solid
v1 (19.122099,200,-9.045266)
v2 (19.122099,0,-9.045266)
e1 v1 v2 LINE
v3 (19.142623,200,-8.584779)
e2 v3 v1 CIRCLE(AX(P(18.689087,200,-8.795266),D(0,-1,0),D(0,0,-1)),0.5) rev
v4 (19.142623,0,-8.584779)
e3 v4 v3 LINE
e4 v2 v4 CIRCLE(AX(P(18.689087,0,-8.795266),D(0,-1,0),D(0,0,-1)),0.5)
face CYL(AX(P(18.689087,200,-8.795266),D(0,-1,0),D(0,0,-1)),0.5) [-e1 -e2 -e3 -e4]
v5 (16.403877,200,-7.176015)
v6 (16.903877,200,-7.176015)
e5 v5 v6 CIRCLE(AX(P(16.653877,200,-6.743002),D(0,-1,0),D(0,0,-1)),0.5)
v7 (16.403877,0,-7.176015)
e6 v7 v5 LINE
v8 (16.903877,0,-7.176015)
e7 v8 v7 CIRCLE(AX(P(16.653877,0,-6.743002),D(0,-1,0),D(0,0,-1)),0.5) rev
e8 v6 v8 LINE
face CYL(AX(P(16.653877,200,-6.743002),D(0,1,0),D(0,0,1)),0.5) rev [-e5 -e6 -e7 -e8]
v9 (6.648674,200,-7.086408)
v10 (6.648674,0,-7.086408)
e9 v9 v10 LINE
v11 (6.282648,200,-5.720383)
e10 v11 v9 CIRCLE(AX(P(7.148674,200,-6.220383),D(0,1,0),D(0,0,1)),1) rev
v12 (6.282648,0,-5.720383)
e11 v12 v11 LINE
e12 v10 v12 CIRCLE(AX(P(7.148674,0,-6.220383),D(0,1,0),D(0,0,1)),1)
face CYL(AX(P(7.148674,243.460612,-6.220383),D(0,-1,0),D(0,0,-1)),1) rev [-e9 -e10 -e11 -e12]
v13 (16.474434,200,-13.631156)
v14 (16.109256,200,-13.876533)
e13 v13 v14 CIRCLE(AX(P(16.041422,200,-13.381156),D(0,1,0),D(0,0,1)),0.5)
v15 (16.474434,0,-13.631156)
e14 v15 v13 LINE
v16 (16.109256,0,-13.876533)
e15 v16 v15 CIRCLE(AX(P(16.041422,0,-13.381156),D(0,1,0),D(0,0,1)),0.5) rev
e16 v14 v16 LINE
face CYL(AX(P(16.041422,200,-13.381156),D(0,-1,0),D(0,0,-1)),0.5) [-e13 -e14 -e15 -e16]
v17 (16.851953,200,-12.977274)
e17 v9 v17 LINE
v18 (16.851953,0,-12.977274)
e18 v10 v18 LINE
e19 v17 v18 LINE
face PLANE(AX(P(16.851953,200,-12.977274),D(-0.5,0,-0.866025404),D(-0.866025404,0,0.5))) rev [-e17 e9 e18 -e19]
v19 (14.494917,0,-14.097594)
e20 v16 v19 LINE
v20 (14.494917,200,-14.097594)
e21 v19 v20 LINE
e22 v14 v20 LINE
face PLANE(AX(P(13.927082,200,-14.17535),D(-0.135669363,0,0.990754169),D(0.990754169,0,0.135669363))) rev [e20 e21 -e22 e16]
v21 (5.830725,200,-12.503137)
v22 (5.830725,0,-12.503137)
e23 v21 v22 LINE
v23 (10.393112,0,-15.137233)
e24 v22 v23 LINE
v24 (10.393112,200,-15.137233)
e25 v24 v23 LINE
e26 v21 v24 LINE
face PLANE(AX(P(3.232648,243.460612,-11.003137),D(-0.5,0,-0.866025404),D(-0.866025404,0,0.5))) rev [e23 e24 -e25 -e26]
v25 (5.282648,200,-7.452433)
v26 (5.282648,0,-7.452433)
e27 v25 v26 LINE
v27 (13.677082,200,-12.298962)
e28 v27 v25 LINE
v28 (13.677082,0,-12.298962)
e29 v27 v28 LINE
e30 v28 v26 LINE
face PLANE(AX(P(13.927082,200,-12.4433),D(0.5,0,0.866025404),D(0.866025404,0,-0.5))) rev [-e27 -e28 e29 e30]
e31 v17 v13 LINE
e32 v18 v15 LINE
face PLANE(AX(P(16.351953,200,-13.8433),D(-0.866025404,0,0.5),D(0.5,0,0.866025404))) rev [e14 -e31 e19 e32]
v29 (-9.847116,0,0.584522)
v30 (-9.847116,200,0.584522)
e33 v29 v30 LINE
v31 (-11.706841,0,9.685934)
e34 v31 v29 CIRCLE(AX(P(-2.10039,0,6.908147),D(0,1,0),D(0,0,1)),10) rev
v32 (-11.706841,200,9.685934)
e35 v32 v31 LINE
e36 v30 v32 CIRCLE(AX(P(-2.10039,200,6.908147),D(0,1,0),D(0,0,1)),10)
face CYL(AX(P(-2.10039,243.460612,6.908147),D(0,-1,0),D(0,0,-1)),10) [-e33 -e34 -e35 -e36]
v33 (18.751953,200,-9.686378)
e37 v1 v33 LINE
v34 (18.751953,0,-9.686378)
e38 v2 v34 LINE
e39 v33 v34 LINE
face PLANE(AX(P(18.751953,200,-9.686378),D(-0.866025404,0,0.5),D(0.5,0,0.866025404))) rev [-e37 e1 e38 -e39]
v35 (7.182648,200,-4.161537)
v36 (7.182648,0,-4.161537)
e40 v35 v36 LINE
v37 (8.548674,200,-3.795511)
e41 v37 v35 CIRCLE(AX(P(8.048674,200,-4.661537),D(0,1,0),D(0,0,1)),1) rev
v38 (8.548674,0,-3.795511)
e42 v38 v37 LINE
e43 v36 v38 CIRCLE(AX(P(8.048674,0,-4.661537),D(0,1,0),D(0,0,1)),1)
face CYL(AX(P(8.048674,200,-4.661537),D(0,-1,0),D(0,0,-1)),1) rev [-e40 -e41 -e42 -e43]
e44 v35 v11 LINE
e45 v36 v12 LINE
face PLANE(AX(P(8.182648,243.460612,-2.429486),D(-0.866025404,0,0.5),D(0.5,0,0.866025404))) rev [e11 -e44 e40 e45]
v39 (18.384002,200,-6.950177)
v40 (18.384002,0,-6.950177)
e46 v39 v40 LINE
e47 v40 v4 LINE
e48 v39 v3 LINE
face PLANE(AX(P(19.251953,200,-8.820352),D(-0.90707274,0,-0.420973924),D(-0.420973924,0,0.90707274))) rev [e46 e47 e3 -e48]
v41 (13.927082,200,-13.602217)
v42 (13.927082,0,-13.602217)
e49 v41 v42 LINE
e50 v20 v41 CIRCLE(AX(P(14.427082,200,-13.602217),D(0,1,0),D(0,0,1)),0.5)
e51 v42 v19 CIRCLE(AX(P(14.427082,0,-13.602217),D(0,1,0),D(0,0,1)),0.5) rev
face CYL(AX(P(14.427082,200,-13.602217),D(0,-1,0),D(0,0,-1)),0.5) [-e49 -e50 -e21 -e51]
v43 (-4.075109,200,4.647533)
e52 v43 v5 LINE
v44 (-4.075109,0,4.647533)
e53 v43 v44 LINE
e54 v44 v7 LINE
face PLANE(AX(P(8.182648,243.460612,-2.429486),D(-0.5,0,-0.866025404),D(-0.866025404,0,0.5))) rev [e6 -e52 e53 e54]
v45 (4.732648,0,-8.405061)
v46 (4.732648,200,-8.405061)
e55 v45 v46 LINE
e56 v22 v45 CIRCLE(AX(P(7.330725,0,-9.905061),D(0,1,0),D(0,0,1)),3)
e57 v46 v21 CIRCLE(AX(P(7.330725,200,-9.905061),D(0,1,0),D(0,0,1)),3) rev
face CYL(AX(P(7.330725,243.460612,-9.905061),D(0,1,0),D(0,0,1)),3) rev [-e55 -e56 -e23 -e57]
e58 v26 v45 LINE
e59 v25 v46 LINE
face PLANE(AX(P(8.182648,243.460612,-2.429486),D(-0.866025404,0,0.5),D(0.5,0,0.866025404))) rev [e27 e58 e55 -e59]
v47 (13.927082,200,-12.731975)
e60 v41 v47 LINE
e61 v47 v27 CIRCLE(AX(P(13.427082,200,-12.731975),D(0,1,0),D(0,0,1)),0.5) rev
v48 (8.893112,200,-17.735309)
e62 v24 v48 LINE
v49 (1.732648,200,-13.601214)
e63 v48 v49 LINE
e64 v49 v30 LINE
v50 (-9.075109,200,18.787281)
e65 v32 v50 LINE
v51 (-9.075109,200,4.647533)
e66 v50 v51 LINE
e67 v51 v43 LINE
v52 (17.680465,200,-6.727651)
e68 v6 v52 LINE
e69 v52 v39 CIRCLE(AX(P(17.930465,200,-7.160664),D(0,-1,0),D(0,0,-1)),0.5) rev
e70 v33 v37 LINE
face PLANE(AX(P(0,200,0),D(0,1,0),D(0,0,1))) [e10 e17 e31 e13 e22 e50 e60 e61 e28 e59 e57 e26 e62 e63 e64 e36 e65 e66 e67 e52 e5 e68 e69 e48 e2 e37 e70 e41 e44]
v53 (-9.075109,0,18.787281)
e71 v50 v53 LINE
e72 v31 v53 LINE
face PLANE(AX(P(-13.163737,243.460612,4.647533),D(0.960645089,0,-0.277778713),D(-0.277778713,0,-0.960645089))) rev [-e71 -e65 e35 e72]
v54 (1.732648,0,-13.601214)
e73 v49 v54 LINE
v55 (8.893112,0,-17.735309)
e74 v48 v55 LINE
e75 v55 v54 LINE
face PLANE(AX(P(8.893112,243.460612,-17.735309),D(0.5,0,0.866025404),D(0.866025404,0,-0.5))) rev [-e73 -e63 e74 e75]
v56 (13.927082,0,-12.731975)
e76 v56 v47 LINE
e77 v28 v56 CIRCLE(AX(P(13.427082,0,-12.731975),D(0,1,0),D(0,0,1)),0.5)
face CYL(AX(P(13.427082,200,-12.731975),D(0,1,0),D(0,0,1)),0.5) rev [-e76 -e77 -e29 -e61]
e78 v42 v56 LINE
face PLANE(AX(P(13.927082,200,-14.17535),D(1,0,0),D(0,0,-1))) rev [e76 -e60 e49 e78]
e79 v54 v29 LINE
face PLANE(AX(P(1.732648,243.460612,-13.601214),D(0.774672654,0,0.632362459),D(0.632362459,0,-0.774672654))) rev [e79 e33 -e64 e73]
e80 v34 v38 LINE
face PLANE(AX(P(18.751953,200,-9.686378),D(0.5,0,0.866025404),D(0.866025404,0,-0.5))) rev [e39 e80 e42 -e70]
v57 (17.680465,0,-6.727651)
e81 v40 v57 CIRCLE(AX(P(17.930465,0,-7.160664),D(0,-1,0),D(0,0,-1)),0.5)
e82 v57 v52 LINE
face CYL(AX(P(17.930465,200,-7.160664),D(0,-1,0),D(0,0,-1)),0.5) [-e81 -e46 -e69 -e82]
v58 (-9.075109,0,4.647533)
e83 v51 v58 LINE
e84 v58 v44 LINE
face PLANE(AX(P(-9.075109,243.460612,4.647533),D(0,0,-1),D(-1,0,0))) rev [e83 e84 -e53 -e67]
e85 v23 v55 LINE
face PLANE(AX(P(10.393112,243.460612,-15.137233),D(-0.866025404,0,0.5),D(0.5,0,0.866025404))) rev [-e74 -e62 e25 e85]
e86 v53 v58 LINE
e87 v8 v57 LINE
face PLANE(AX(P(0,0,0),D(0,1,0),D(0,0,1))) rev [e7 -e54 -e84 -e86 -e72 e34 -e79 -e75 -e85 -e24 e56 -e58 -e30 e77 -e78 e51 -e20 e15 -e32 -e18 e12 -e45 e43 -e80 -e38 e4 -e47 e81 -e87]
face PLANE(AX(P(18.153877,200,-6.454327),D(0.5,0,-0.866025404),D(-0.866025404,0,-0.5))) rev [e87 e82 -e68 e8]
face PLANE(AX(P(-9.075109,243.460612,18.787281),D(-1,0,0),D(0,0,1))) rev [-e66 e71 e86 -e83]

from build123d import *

# Parameters (mm, degrees)
BOSS_EXTRUDE1_DEPTH   = 200
BOSS_EXTRUDE1_2_DEPTH = 200
FILLET1_R             = 0.5
FILLET2_R             = 0.5
BOSS_EXTRUDE3_DEPTH   = 200
FILLET3_R             = 10
FILLET4_R             = 1
FILLET5_R             = 3


with BuildPart() as part:
    # Sketch1 → Boss-Extrude1 (new body)
    with BuildSketch(Plane(origin=(0, 0, 0), x_dir=(1, 0, 0), z_dir=(0, 1, 0))):
        Polygon((13.927082127, 14.175350351), (16.351953258, 13.843299543), (16.851953258, 12.977274139), (3.059579159, 5.014243241), (2.594699496, 5.900545381), (13.927082127, 12.443299543), align=None)
    extrude(amount=BOSS_EXTRUDE1_DEPTH)

    # Fillet2
    fillet2_edges = [part.edges().sort_by_distance(p)[0] for p in [
        (13.927082127, 100, -14.175350351),
        (16.351953258, 100, -13.843299543),
        (13.927082127, 100, -12.443299543),
    ]]
    fillet(fillet2_edges, radius=FILLET2_R)



with BuildPart() as body_2:
    # Sketch1 → Boss-Extrude1 2 (new body)
    with BuildSketch(Plane(origin=(0, 0, 0), x_dir=(1, 0, 0), z_dir=(0, 1, 0))):
        Polygon((18.751953258, 9.686377605), (19.251953258, 8.820352201), (18.153877046, 6.454326797), (16.653877046, 7.320352201), (5.114206816, 0.657920487), (4.719127398, 1.584521817), align=None)
    extrude(amount=BOSS_EXTRUDE1_2_DEPTH)

    # Fillet1
    fillet1_edges = [body_2.edges().sort_by_distance(p)[0] for p in [
        (19.251953258, 100, -8.820352201),
        (18.153877046, 100, -6.454326797),
        (16.653877046, 100, -7.320352201),
    ]]
    fillet(fillet1_edges, radius=FILLET1_R)


with BuildPart() as part_1:
    add(part.part)

    add(body_2.part)  # Boss-Extrude3 merges body 2
    # Sketch2 → Boss-Extrude3 (add)
    with BuildSketch(Plane(origin=(0, 0, 0), x_dir=(1, 0, 0), z_dir=(0, 1, 0))):
        Polygon((8.182648293, 2.429486), (3.232648293, 11.003137498), (10.393111947, 15.137233116), (8.893111947, 17.735309327), (1.732648293, 13.601213709), (-13.163737181, -4.647533202), (-9.075108531, -18.787281313), (-9.075108531, -4.647533202), (-4.075108531, -4.647533202), align=None)
    extrude(amount=BOSS_EXTRUDE3_DEPTH)

    # Fillet3
    fillet3_edges = [part_1.edges().sort_by_distance(p)[0] for p in [
        (-13.163737181, 100, 4.647533202),
    ]]
    fillet(fillet3_edges, radius=FILLET3_R)

    # Fillet4
    fillet4_edges = [part_1.edges().sort_by_distance(p)[0] for p in [
        (5.782648293, 100, -6.586407938),
        (7.682648293, 100, -3.295511404),
    ]]
    fillet(fillet4_edges, radius=FILLET4_R)

    # Fillet5
    fillet5_edges = [part_1.edges().sort_by_distance(p)[0] for p in [
        (3.232648293, 100, -11.003137498),
    ]]
    fillet(fillet5_edges, radius=FILLET5_R)


solid = part_1.part
